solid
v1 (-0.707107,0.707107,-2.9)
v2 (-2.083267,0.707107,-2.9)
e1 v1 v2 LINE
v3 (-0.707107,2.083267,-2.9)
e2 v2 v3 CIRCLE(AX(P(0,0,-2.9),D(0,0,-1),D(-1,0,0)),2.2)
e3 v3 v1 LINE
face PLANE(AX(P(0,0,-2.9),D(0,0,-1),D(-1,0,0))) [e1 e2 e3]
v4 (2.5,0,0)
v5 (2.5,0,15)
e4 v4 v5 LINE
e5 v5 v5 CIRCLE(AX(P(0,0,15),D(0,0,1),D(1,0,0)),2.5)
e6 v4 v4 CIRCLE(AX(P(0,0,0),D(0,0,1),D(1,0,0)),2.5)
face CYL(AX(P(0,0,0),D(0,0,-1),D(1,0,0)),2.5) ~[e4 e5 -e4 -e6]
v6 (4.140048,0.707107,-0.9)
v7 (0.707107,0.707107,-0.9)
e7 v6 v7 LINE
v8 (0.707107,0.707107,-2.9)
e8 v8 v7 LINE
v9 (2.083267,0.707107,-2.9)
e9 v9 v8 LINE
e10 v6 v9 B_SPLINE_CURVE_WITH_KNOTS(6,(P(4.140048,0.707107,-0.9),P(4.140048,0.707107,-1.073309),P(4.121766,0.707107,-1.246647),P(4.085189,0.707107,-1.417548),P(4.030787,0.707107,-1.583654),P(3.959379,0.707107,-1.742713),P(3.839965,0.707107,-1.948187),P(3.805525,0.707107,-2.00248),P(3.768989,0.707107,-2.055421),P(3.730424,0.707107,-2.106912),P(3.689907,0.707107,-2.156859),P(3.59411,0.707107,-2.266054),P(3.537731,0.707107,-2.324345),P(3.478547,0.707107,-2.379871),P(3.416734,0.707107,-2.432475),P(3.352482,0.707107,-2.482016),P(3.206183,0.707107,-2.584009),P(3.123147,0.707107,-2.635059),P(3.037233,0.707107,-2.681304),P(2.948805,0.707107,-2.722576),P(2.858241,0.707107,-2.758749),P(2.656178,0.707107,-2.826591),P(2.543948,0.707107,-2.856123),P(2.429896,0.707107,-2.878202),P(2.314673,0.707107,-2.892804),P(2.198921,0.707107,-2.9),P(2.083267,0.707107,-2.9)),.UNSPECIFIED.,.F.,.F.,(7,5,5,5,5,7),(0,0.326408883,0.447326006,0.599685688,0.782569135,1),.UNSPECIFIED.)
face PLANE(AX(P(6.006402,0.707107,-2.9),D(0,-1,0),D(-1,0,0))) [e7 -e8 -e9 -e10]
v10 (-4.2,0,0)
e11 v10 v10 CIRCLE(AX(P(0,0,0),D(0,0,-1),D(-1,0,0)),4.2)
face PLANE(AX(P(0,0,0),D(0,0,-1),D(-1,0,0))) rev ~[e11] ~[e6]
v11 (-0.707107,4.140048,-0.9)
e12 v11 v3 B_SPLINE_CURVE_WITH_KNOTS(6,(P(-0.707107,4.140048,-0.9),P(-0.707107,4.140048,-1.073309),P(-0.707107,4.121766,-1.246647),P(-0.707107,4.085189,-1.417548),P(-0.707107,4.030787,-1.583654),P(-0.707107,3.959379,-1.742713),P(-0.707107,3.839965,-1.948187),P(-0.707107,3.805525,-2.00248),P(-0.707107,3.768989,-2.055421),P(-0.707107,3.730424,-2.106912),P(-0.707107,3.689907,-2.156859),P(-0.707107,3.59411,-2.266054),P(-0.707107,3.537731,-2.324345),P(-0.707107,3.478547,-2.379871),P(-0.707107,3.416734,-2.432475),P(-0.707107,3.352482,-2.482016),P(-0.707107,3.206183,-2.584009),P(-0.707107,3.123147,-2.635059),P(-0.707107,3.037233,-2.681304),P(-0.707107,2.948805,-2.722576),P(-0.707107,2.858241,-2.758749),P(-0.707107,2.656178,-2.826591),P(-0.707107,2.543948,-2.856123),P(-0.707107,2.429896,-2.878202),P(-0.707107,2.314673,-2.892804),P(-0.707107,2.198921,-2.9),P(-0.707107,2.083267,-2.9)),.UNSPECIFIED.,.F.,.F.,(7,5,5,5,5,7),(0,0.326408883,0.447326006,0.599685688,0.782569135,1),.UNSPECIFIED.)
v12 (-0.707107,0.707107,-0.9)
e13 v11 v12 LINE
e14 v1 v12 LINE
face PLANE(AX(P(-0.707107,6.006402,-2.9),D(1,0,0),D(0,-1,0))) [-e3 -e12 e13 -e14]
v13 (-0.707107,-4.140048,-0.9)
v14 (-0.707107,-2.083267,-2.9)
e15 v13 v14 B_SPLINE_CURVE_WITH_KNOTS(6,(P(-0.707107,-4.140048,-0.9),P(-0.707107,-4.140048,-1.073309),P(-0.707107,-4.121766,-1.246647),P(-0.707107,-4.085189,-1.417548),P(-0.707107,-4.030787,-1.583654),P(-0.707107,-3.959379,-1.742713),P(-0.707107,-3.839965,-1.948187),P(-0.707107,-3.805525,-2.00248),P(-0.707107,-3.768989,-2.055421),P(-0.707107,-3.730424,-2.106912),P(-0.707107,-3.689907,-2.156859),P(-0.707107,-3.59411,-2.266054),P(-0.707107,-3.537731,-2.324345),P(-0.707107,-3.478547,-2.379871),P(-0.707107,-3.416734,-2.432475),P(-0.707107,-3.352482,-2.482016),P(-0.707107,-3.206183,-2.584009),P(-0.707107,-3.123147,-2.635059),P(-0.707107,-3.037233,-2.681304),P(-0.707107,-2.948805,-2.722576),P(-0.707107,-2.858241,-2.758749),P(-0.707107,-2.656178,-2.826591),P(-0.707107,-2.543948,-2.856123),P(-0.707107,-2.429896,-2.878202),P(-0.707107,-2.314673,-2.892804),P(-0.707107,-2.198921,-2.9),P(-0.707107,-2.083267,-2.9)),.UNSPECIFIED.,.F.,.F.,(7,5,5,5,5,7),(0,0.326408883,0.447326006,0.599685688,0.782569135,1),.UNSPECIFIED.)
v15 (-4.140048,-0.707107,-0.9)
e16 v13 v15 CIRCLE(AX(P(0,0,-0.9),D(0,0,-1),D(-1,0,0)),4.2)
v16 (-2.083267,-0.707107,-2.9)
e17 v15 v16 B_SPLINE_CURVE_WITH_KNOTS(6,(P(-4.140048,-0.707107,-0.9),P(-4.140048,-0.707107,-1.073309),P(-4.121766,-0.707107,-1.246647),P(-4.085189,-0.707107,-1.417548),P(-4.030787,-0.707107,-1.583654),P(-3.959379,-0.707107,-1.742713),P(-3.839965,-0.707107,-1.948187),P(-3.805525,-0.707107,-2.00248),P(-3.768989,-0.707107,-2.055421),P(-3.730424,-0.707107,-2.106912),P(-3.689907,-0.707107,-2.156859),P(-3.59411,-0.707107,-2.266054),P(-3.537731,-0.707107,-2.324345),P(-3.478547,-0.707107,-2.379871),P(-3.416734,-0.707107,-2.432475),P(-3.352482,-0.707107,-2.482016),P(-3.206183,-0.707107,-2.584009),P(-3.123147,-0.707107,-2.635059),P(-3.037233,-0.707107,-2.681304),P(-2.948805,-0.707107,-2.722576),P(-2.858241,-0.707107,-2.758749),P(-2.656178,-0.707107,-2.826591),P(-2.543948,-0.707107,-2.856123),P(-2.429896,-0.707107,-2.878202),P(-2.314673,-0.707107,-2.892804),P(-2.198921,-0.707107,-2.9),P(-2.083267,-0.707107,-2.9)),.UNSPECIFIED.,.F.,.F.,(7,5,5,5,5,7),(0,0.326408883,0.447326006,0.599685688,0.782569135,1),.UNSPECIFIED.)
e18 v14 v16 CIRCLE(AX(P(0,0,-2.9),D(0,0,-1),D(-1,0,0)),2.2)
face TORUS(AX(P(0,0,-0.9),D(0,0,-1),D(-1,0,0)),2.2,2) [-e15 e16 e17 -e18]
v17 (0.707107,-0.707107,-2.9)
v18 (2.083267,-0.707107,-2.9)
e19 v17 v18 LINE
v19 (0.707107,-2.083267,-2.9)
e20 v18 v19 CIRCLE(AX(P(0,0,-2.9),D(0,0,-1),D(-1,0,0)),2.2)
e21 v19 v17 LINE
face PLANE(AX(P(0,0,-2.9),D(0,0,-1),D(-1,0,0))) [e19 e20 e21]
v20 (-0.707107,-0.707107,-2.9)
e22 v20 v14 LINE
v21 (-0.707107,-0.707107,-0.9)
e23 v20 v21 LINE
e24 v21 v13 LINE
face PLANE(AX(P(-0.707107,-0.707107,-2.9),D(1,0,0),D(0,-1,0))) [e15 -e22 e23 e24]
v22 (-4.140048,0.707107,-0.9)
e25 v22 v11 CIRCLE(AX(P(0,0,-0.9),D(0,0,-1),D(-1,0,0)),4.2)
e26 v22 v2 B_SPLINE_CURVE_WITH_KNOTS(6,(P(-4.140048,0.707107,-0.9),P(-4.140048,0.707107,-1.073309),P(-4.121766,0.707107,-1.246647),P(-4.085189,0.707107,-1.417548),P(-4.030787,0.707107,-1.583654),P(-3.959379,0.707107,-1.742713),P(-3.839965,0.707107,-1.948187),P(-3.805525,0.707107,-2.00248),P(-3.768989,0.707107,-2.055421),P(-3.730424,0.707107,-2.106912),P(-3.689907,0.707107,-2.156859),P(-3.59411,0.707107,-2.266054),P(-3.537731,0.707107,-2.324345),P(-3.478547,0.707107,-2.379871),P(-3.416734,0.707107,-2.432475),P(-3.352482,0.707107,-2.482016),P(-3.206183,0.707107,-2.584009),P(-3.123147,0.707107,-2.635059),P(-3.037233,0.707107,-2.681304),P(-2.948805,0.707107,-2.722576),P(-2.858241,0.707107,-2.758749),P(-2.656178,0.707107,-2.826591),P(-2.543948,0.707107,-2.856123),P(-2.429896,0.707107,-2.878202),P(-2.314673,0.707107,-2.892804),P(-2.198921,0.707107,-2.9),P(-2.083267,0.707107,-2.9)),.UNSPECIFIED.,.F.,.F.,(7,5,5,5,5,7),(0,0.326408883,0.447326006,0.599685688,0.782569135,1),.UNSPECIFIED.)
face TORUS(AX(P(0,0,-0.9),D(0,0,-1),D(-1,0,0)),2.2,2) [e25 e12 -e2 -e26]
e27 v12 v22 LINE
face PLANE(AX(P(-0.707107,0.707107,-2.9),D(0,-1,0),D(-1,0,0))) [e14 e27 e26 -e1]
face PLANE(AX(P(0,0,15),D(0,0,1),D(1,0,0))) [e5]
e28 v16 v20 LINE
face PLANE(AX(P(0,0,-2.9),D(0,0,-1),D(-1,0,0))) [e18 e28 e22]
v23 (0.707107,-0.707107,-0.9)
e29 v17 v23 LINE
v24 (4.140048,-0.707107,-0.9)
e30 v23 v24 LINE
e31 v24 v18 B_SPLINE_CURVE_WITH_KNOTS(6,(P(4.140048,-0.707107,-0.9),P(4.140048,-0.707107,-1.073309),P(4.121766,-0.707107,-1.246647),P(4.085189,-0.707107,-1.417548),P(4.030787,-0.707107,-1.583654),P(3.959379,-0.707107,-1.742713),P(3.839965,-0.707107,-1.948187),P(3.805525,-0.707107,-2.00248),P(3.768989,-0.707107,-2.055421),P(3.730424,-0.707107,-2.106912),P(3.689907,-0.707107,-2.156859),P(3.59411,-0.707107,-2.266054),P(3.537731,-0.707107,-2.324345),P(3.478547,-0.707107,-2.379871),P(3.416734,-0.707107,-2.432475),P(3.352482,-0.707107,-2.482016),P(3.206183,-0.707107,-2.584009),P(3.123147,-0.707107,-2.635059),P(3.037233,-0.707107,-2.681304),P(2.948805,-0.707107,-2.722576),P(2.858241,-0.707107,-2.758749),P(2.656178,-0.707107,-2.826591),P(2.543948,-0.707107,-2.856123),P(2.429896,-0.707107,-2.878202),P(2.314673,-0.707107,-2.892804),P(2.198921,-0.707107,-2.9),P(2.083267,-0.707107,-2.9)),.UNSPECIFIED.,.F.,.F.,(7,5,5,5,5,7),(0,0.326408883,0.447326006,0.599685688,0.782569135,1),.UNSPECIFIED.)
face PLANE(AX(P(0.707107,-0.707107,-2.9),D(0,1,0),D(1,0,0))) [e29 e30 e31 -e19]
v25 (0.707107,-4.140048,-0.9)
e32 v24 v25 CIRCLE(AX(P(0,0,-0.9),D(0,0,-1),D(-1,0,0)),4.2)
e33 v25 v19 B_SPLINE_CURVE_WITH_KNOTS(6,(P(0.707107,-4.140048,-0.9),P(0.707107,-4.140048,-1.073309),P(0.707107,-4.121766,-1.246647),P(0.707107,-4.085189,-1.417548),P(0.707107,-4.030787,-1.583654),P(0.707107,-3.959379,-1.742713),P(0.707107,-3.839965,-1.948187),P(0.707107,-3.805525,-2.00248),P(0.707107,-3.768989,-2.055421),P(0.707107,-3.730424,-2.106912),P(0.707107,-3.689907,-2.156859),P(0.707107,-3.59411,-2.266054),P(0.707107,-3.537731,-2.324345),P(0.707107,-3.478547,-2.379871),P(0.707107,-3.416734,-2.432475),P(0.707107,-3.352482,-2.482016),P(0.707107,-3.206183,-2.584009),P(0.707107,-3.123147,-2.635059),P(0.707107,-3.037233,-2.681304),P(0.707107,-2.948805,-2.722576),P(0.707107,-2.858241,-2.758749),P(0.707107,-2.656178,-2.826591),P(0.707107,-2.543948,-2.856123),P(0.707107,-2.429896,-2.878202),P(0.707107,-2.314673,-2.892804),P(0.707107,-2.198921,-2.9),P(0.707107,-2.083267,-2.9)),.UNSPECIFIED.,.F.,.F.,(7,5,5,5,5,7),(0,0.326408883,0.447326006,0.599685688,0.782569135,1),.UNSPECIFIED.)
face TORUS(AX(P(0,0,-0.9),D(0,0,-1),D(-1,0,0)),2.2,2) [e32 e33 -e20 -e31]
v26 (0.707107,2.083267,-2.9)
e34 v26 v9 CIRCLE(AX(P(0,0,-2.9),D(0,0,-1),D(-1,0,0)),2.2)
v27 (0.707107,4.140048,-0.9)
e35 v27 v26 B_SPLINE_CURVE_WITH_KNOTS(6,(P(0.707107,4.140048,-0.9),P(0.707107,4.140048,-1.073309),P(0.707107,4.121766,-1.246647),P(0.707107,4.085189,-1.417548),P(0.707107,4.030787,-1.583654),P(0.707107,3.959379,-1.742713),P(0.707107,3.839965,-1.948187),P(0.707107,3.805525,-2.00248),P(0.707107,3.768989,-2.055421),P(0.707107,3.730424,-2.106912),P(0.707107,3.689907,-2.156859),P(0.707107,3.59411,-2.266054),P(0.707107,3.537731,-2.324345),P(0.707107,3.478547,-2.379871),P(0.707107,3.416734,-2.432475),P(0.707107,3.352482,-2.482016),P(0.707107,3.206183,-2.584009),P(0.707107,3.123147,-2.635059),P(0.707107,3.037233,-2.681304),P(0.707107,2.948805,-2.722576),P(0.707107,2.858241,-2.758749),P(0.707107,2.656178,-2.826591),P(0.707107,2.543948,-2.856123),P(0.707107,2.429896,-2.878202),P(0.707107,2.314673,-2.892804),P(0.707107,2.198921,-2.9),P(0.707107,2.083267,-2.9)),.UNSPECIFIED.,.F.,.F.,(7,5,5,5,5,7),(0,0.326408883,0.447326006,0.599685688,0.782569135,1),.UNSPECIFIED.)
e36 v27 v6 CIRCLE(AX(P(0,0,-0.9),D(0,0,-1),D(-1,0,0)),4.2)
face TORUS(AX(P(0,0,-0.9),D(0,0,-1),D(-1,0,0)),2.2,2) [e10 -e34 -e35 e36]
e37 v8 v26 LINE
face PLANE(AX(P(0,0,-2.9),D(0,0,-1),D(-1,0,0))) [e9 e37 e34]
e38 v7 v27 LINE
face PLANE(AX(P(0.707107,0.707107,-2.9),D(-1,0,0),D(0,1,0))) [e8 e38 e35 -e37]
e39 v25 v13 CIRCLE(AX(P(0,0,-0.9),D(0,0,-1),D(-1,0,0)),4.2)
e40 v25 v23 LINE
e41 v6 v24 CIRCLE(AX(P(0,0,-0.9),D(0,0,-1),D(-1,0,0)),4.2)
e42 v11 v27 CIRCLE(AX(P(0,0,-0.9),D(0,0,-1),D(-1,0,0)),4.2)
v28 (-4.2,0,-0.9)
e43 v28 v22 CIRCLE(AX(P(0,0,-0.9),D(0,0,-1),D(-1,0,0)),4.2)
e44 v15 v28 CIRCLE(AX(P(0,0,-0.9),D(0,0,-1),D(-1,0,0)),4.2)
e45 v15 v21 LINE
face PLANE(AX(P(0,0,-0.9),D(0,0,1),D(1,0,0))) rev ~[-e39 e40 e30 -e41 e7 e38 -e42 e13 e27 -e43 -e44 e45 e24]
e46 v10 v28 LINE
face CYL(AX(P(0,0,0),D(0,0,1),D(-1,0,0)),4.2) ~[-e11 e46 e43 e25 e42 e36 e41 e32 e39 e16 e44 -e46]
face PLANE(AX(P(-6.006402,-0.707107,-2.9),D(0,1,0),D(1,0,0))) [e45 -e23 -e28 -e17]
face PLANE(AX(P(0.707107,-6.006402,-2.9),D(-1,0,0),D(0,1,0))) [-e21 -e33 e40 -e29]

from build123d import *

# Parameters (mm, degrees)
SKETCH_1_R          = 2.5
EXTRUDE_1_DEPTH     = 15
SKETCH_2_R          = 4.2
EXTRUDE_2_DEPTH     = 2.9
FILLET_1_R          = 2
CUT_EXTRUDE_1_DEPTH = 2


with BuildPart() as part:
    # 草图1 → 凸台-拉伸1 (new body)
    with BuildSketch(Plane.XY):
        Circle(SKETCH_1_R)
    extrude(amount=EXTRUDE_1_DEPTH)

    # 草图2 → 凸台-拉伸2 (add)
    with BuildSketch(Plane(origin=(0, 0, 0), x_dir=(-1, 0, 0), z_dir=(0, 0, -1))):
        Circle(SKETCH_2_R)
    extrude(amount=EXTRUDE_2_DEPTH)

    # 圆角1
    fillet_1_edges = [part.edges().sort_by_distance(p)[0] for p in [
        (4.2, 0, -2.9),
    ]]
    fillet(fillet_1_edges, radius=FILLET_1_R)

    # 草图3 → 切除-拉伸1 (cut)
    with BuildSketch(Plane(origin=(0, 0, -2.9), x_dir=(-1, 0, 0), z_dir=(0, 0, -1))):
        Polygon((-0.707106781, 0.707106781), (-0.707106781, 6.006401657), (0.707106781, 6.006401657), (0.707106781, 0.707106781), (6.006401657, 0.707106781), (6.006401657, -0.707106781), (0.707106781, -0.707106781), (0.707106781, -6.006401657), (-0.707106781, -6.006401657), (-0.707106781, -0.707106781), (-6.006401657, -0.707106781), (-6.006401657, 0.707106781), align=None)
    extrude(amount=-CUT_EXTRUDE_1_DEPTH, mode=Mode.SUBTRACT)


solid = part.part
